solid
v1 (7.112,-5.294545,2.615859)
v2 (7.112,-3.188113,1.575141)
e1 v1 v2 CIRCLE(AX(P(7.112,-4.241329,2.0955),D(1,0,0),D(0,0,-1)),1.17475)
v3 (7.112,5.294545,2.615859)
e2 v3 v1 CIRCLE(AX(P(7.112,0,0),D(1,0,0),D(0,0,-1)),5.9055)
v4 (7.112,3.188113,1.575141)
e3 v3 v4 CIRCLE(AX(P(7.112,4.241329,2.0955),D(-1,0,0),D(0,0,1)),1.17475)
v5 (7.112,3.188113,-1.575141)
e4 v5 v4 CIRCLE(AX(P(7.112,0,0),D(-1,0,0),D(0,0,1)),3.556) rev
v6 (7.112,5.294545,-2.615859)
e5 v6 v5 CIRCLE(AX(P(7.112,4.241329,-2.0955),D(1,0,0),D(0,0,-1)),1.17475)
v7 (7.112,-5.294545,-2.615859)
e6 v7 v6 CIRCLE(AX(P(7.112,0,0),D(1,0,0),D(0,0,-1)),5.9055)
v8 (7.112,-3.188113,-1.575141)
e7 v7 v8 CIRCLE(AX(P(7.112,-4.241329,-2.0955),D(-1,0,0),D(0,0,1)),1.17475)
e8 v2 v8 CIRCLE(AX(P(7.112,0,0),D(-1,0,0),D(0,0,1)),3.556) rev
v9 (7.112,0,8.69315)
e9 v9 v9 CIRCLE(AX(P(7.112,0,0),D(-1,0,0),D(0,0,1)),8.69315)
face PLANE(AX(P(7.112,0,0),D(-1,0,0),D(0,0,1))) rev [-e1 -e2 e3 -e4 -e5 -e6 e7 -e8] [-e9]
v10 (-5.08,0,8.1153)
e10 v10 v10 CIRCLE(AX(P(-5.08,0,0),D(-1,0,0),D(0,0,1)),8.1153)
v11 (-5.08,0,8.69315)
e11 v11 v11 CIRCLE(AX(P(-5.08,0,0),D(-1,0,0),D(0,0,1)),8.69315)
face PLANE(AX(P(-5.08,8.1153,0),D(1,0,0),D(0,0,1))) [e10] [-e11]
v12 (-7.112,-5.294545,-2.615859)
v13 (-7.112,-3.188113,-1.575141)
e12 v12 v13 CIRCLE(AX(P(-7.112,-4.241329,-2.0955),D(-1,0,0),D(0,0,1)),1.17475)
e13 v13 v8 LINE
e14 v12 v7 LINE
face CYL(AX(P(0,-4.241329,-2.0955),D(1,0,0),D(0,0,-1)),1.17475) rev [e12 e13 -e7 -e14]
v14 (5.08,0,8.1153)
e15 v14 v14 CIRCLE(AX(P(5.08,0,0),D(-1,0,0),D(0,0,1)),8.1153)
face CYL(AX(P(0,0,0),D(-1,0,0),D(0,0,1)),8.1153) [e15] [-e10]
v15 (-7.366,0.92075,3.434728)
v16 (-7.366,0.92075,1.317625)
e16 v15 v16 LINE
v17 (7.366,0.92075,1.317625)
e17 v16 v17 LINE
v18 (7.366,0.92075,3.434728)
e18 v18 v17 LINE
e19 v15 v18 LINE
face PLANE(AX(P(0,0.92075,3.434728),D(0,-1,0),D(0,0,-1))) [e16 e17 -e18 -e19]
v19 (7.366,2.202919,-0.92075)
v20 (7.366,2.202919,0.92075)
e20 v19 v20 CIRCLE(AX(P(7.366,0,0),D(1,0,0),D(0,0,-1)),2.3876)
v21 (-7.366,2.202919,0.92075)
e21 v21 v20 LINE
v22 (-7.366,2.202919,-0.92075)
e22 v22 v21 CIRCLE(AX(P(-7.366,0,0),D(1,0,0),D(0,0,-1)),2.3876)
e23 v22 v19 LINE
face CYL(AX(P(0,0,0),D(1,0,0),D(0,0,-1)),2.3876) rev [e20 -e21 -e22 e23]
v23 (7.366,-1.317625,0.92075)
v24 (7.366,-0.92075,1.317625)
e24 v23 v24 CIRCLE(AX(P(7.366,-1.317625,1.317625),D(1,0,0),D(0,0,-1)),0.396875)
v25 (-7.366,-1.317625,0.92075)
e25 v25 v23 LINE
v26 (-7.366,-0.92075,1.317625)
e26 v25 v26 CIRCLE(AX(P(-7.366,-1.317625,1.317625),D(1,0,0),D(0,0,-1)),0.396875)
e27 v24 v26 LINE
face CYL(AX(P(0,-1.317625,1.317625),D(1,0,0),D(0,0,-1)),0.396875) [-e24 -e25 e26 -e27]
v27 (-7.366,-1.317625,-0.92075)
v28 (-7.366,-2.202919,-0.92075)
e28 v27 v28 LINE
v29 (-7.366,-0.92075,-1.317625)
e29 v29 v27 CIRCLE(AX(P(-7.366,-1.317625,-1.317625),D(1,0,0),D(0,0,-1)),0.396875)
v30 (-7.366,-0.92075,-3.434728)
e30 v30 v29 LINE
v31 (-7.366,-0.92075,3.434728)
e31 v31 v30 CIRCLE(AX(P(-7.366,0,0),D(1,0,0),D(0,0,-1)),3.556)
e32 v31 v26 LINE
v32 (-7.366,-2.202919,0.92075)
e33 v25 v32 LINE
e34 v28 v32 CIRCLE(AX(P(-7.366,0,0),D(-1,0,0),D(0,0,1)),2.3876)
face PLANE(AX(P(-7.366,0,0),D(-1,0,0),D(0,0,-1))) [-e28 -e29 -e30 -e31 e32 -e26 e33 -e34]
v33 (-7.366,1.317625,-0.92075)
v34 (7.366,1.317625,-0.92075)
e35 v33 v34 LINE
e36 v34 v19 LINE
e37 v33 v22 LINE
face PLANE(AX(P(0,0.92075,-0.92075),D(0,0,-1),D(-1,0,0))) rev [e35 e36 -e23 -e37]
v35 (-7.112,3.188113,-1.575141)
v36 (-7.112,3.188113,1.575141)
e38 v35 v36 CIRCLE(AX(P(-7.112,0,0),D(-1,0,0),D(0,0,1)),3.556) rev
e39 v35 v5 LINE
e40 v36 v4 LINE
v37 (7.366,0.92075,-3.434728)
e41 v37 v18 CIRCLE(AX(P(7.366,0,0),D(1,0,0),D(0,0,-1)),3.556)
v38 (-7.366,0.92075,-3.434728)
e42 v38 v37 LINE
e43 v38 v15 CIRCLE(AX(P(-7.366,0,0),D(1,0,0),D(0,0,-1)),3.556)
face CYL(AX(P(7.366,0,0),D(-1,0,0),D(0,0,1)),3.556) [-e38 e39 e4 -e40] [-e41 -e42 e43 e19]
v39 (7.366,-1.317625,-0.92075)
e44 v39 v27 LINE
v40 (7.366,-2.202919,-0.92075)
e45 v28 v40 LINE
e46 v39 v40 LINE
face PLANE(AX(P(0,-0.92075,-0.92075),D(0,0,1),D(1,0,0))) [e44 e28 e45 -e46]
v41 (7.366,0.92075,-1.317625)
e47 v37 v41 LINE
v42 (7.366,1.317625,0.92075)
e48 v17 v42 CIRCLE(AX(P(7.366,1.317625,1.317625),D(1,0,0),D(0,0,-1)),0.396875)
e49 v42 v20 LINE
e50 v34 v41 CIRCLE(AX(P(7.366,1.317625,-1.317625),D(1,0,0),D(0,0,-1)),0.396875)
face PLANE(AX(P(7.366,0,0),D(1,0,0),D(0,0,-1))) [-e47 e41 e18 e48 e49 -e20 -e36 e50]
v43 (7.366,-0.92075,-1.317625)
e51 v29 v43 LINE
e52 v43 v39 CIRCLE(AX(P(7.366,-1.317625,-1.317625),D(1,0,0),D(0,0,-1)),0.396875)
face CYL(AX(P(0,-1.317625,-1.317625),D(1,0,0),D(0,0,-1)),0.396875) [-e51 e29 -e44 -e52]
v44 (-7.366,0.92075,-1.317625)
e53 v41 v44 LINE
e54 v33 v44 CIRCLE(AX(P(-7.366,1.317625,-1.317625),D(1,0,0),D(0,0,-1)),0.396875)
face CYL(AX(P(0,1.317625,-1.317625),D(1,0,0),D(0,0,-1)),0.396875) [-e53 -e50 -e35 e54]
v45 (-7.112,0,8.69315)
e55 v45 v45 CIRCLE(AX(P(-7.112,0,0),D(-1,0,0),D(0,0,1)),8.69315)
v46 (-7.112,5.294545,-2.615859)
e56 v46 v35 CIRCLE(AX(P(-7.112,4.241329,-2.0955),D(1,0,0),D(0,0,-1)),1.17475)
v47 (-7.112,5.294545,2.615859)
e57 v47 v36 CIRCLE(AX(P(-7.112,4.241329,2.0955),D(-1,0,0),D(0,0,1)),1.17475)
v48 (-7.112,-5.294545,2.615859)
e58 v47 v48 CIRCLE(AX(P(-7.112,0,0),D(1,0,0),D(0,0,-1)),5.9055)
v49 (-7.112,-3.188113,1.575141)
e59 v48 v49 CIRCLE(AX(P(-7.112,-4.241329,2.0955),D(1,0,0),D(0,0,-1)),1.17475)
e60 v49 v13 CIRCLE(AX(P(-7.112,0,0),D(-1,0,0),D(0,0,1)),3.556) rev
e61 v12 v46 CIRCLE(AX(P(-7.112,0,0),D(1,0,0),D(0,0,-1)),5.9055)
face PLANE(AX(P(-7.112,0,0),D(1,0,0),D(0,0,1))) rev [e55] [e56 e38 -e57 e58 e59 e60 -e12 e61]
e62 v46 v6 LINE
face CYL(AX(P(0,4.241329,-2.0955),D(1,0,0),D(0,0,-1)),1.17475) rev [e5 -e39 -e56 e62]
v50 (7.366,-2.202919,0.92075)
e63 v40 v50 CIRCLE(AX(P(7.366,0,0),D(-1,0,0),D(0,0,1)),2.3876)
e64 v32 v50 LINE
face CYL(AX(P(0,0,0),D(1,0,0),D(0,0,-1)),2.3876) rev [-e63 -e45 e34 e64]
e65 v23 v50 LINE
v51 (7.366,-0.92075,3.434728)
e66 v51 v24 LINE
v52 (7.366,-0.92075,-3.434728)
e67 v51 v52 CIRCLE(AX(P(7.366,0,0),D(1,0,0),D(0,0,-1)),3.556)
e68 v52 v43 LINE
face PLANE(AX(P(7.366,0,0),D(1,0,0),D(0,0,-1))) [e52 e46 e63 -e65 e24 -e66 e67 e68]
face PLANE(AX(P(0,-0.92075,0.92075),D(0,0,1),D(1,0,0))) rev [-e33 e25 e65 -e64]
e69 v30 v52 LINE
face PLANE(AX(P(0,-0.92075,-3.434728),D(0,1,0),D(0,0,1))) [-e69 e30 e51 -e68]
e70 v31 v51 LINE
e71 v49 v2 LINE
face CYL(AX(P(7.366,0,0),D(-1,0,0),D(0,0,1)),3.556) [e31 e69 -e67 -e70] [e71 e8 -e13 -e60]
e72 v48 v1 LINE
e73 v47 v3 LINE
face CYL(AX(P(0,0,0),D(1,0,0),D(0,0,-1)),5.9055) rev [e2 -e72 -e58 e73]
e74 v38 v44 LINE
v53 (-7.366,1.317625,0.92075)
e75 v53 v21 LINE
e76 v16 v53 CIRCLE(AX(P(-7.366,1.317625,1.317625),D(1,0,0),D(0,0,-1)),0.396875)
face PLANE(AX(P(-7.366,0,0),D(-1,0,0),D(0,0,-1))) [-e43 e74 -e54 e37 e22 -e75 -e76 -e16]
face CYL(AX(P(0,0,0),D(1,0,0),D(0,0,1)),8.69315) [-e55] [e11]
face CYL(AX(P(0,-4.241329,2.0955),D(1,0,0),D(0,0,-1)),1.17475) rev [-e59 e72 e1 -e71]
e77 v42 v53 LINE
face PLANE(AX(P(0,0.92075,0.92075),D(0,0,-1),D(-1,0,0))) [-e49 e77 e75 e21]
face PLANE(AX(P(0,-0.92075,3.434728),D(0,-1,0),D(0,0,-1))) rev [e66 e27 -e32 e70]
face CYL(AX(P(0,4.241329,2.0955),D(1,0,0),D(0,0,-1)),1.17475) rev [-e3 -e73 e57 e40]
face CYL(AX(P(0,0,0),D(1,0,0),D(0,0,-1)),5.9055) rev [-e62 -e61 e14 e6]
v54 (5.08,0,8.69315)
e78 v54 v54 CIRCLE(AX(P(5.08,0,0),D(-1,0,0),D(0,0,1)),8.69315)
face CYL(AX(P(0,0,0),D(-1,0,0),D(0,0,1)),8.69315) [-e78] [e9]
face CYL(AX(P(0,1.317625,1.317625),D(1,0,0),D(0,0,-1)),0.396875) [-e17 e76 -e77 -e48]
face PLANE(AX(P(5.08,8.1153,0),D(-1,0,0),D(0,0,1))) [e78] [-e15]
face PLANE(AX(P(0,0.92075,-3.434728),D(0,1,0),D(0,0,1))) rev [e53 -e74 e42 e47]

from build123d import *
from build123d.topology import SkipClean

# Parameters (mm, degrees)
SKETCH2_R           = 3.556
BOSS_EXTRUDE1_DEPTH = 0.254
CUT_EXTRUDE1_DEPTH  = 15.202896108
CUT_EXTRUDE2_DEPTH  = 15.331771344
FILLET1_R           = 0.396875


with BuildPart() as part:
    # Sketch1 → Base-Revolve (revolve)
    with BuildSketch(Plane.XY, mode=Mode.PRIVATE) as base_revolve_sk:
        Polygon((7.112, 0), (7.112, 8.69315), (5.08, 8.69315), (5.08, 8.1153), (3.556, 8.1153), (0, 8.1153), (0, 0), align=None)
    revolve(base_revolve_sk.sketch.rotate(Axis((0, 0, 0), (1, 0, 0)), 90), axis=Axis((0, 0, 0), (1, 0, 0)))

    # Sketch2 → Boss-Extrude1 (add)
    with BuildSketch(Plane(origin=(7.112, 0, 0), x_dir=(0, 0, -1), z_dir=(1, 0, 0))):
        with Locations(Location((0, 0, 0), (0, 0, 180))):
            Circle(SKETCH2_R)
    extrude(amount=BOSS_EXTRUDE1_DEPTH)

    # Sketch3 → Cut-Extrude1 (cut, through all)
    with SkipClean():  # the faces are left unmerged after this step: merging them gives an invalid solid
        with BuildSketch(Plane(origin=(7.112, 0, 0), x_dir=(0, 0, -1), z_dir=(1, 0, 0))):
            with BuildLine():
                ThreePointArc((2.61585906, -5.29454546), (5.9055, 0), (2.61585906, 5.29454546))
                ThreePointArc((2.61585906, 5.29454546), (1.042283968, 4.761688488), (1.57514094, 3.188113395))
                ThreePointArc((1.57514094, 3.188113395), (3.556, 0), (1.57514094, -3.188113395))
                ThreePointArc((1.57514094, -3.188113395), (1.042283968, -4.761688488), (2.61585906, -5.29454546))
            make_face()
            with BuildLine():
                ThreePointArc((-2.61585906, -5.29454546), (-1.042283968, -4.761688488), (-1.57514094, -3.188113395))
                ThreePointArc((-1.57514094, -3.188113395), (-3.556, 0), (-1.57514094, 3.188113395))
                ThreePointArc((-1.57514094, 3.188113395), (-1.042283968, 4.761688488), (-2.61585906, 5.29454546))
                ThreePointArc((-2.61585906, 5.29454546), (-5.9055, 0), (-2.61585906, -5.29454546))
            make_face()
        extrude(amount=-CUT_EXTRUDE1_DEPTH, mode=Mode.SUBTRACT)

    # Sketch4 → Cut-Extrude2 (cut, through all)
    with SkipClean():  # the faces are left unmerged after this step: merging them gives an invalid solid
        with BuildSketch(Plane(origin=(7.366, 0, 0), x_dir=(0, 0, -1), z_dir=(1, 0, 0))):
            with BuildLine():
                Line((3.434727855, 0.92075), (0.92075, 0.92075))
                Line((0.92075, 0.92075), (0.92075, 2.202919244))
                ThreePointArc((0.92075, 2.202919244), (0, 2.3876), (-0.92075, 2.202919244))
                Line((-0.92075, 2.202919244), (-0.92075, 0.92075))
                Line((-0.92075, 0.92075), (-3.434727855, 0.92075))
                ThreePointArc((-3.434727855, 0.92075), (-3.556, 0), (-3.434727855, -0.92075))
                Line((-3.434727855, -0.92075), (-0.92075, -0.92075))
                Line((-0.92075, -0.92075), (-0.92075, -2.202919244))
                ThreePointArc((-0.92075, -2.202919244), (0, -2.3876), (0.92075, -2.202919244))
                Line((0.92075, -2.202919244), (0.92075, -0.92075))
                Line((0.92075, -0.92075), (3.434727855, -0.92075))
                ThreePointArc((3.434727855, -0.92075), (3.556, 0), (3.434727855, 0.92075))
            make_face()
        extrude(amount=-CUT_EXTRUDE2_DEPTH, mode=Mode.SUBTRACT)

    # Fillet1
    fillet1_edges = [part.edges().sort_by_distance(p)[0] for p in [
        (3.683, -0.92075, -0.92075),
        (3.683, -0.92075, 0.92075),
        (3.683, 0.92075, 0.92075),
        (3.683, 0.92075, -0.92075),
    ]]
    fillet(fillet1_edges, radius=FILLET1_R)

    # Boss-Mirror1: part across face


with BuildPart() as part_1:
    with SkipClean():  # the faces are left unmerged after this step: merging them gives an invalid solid
        add(part.part)
        add(part.part.mirror(Plane.ZY))


solid = part_1.part
